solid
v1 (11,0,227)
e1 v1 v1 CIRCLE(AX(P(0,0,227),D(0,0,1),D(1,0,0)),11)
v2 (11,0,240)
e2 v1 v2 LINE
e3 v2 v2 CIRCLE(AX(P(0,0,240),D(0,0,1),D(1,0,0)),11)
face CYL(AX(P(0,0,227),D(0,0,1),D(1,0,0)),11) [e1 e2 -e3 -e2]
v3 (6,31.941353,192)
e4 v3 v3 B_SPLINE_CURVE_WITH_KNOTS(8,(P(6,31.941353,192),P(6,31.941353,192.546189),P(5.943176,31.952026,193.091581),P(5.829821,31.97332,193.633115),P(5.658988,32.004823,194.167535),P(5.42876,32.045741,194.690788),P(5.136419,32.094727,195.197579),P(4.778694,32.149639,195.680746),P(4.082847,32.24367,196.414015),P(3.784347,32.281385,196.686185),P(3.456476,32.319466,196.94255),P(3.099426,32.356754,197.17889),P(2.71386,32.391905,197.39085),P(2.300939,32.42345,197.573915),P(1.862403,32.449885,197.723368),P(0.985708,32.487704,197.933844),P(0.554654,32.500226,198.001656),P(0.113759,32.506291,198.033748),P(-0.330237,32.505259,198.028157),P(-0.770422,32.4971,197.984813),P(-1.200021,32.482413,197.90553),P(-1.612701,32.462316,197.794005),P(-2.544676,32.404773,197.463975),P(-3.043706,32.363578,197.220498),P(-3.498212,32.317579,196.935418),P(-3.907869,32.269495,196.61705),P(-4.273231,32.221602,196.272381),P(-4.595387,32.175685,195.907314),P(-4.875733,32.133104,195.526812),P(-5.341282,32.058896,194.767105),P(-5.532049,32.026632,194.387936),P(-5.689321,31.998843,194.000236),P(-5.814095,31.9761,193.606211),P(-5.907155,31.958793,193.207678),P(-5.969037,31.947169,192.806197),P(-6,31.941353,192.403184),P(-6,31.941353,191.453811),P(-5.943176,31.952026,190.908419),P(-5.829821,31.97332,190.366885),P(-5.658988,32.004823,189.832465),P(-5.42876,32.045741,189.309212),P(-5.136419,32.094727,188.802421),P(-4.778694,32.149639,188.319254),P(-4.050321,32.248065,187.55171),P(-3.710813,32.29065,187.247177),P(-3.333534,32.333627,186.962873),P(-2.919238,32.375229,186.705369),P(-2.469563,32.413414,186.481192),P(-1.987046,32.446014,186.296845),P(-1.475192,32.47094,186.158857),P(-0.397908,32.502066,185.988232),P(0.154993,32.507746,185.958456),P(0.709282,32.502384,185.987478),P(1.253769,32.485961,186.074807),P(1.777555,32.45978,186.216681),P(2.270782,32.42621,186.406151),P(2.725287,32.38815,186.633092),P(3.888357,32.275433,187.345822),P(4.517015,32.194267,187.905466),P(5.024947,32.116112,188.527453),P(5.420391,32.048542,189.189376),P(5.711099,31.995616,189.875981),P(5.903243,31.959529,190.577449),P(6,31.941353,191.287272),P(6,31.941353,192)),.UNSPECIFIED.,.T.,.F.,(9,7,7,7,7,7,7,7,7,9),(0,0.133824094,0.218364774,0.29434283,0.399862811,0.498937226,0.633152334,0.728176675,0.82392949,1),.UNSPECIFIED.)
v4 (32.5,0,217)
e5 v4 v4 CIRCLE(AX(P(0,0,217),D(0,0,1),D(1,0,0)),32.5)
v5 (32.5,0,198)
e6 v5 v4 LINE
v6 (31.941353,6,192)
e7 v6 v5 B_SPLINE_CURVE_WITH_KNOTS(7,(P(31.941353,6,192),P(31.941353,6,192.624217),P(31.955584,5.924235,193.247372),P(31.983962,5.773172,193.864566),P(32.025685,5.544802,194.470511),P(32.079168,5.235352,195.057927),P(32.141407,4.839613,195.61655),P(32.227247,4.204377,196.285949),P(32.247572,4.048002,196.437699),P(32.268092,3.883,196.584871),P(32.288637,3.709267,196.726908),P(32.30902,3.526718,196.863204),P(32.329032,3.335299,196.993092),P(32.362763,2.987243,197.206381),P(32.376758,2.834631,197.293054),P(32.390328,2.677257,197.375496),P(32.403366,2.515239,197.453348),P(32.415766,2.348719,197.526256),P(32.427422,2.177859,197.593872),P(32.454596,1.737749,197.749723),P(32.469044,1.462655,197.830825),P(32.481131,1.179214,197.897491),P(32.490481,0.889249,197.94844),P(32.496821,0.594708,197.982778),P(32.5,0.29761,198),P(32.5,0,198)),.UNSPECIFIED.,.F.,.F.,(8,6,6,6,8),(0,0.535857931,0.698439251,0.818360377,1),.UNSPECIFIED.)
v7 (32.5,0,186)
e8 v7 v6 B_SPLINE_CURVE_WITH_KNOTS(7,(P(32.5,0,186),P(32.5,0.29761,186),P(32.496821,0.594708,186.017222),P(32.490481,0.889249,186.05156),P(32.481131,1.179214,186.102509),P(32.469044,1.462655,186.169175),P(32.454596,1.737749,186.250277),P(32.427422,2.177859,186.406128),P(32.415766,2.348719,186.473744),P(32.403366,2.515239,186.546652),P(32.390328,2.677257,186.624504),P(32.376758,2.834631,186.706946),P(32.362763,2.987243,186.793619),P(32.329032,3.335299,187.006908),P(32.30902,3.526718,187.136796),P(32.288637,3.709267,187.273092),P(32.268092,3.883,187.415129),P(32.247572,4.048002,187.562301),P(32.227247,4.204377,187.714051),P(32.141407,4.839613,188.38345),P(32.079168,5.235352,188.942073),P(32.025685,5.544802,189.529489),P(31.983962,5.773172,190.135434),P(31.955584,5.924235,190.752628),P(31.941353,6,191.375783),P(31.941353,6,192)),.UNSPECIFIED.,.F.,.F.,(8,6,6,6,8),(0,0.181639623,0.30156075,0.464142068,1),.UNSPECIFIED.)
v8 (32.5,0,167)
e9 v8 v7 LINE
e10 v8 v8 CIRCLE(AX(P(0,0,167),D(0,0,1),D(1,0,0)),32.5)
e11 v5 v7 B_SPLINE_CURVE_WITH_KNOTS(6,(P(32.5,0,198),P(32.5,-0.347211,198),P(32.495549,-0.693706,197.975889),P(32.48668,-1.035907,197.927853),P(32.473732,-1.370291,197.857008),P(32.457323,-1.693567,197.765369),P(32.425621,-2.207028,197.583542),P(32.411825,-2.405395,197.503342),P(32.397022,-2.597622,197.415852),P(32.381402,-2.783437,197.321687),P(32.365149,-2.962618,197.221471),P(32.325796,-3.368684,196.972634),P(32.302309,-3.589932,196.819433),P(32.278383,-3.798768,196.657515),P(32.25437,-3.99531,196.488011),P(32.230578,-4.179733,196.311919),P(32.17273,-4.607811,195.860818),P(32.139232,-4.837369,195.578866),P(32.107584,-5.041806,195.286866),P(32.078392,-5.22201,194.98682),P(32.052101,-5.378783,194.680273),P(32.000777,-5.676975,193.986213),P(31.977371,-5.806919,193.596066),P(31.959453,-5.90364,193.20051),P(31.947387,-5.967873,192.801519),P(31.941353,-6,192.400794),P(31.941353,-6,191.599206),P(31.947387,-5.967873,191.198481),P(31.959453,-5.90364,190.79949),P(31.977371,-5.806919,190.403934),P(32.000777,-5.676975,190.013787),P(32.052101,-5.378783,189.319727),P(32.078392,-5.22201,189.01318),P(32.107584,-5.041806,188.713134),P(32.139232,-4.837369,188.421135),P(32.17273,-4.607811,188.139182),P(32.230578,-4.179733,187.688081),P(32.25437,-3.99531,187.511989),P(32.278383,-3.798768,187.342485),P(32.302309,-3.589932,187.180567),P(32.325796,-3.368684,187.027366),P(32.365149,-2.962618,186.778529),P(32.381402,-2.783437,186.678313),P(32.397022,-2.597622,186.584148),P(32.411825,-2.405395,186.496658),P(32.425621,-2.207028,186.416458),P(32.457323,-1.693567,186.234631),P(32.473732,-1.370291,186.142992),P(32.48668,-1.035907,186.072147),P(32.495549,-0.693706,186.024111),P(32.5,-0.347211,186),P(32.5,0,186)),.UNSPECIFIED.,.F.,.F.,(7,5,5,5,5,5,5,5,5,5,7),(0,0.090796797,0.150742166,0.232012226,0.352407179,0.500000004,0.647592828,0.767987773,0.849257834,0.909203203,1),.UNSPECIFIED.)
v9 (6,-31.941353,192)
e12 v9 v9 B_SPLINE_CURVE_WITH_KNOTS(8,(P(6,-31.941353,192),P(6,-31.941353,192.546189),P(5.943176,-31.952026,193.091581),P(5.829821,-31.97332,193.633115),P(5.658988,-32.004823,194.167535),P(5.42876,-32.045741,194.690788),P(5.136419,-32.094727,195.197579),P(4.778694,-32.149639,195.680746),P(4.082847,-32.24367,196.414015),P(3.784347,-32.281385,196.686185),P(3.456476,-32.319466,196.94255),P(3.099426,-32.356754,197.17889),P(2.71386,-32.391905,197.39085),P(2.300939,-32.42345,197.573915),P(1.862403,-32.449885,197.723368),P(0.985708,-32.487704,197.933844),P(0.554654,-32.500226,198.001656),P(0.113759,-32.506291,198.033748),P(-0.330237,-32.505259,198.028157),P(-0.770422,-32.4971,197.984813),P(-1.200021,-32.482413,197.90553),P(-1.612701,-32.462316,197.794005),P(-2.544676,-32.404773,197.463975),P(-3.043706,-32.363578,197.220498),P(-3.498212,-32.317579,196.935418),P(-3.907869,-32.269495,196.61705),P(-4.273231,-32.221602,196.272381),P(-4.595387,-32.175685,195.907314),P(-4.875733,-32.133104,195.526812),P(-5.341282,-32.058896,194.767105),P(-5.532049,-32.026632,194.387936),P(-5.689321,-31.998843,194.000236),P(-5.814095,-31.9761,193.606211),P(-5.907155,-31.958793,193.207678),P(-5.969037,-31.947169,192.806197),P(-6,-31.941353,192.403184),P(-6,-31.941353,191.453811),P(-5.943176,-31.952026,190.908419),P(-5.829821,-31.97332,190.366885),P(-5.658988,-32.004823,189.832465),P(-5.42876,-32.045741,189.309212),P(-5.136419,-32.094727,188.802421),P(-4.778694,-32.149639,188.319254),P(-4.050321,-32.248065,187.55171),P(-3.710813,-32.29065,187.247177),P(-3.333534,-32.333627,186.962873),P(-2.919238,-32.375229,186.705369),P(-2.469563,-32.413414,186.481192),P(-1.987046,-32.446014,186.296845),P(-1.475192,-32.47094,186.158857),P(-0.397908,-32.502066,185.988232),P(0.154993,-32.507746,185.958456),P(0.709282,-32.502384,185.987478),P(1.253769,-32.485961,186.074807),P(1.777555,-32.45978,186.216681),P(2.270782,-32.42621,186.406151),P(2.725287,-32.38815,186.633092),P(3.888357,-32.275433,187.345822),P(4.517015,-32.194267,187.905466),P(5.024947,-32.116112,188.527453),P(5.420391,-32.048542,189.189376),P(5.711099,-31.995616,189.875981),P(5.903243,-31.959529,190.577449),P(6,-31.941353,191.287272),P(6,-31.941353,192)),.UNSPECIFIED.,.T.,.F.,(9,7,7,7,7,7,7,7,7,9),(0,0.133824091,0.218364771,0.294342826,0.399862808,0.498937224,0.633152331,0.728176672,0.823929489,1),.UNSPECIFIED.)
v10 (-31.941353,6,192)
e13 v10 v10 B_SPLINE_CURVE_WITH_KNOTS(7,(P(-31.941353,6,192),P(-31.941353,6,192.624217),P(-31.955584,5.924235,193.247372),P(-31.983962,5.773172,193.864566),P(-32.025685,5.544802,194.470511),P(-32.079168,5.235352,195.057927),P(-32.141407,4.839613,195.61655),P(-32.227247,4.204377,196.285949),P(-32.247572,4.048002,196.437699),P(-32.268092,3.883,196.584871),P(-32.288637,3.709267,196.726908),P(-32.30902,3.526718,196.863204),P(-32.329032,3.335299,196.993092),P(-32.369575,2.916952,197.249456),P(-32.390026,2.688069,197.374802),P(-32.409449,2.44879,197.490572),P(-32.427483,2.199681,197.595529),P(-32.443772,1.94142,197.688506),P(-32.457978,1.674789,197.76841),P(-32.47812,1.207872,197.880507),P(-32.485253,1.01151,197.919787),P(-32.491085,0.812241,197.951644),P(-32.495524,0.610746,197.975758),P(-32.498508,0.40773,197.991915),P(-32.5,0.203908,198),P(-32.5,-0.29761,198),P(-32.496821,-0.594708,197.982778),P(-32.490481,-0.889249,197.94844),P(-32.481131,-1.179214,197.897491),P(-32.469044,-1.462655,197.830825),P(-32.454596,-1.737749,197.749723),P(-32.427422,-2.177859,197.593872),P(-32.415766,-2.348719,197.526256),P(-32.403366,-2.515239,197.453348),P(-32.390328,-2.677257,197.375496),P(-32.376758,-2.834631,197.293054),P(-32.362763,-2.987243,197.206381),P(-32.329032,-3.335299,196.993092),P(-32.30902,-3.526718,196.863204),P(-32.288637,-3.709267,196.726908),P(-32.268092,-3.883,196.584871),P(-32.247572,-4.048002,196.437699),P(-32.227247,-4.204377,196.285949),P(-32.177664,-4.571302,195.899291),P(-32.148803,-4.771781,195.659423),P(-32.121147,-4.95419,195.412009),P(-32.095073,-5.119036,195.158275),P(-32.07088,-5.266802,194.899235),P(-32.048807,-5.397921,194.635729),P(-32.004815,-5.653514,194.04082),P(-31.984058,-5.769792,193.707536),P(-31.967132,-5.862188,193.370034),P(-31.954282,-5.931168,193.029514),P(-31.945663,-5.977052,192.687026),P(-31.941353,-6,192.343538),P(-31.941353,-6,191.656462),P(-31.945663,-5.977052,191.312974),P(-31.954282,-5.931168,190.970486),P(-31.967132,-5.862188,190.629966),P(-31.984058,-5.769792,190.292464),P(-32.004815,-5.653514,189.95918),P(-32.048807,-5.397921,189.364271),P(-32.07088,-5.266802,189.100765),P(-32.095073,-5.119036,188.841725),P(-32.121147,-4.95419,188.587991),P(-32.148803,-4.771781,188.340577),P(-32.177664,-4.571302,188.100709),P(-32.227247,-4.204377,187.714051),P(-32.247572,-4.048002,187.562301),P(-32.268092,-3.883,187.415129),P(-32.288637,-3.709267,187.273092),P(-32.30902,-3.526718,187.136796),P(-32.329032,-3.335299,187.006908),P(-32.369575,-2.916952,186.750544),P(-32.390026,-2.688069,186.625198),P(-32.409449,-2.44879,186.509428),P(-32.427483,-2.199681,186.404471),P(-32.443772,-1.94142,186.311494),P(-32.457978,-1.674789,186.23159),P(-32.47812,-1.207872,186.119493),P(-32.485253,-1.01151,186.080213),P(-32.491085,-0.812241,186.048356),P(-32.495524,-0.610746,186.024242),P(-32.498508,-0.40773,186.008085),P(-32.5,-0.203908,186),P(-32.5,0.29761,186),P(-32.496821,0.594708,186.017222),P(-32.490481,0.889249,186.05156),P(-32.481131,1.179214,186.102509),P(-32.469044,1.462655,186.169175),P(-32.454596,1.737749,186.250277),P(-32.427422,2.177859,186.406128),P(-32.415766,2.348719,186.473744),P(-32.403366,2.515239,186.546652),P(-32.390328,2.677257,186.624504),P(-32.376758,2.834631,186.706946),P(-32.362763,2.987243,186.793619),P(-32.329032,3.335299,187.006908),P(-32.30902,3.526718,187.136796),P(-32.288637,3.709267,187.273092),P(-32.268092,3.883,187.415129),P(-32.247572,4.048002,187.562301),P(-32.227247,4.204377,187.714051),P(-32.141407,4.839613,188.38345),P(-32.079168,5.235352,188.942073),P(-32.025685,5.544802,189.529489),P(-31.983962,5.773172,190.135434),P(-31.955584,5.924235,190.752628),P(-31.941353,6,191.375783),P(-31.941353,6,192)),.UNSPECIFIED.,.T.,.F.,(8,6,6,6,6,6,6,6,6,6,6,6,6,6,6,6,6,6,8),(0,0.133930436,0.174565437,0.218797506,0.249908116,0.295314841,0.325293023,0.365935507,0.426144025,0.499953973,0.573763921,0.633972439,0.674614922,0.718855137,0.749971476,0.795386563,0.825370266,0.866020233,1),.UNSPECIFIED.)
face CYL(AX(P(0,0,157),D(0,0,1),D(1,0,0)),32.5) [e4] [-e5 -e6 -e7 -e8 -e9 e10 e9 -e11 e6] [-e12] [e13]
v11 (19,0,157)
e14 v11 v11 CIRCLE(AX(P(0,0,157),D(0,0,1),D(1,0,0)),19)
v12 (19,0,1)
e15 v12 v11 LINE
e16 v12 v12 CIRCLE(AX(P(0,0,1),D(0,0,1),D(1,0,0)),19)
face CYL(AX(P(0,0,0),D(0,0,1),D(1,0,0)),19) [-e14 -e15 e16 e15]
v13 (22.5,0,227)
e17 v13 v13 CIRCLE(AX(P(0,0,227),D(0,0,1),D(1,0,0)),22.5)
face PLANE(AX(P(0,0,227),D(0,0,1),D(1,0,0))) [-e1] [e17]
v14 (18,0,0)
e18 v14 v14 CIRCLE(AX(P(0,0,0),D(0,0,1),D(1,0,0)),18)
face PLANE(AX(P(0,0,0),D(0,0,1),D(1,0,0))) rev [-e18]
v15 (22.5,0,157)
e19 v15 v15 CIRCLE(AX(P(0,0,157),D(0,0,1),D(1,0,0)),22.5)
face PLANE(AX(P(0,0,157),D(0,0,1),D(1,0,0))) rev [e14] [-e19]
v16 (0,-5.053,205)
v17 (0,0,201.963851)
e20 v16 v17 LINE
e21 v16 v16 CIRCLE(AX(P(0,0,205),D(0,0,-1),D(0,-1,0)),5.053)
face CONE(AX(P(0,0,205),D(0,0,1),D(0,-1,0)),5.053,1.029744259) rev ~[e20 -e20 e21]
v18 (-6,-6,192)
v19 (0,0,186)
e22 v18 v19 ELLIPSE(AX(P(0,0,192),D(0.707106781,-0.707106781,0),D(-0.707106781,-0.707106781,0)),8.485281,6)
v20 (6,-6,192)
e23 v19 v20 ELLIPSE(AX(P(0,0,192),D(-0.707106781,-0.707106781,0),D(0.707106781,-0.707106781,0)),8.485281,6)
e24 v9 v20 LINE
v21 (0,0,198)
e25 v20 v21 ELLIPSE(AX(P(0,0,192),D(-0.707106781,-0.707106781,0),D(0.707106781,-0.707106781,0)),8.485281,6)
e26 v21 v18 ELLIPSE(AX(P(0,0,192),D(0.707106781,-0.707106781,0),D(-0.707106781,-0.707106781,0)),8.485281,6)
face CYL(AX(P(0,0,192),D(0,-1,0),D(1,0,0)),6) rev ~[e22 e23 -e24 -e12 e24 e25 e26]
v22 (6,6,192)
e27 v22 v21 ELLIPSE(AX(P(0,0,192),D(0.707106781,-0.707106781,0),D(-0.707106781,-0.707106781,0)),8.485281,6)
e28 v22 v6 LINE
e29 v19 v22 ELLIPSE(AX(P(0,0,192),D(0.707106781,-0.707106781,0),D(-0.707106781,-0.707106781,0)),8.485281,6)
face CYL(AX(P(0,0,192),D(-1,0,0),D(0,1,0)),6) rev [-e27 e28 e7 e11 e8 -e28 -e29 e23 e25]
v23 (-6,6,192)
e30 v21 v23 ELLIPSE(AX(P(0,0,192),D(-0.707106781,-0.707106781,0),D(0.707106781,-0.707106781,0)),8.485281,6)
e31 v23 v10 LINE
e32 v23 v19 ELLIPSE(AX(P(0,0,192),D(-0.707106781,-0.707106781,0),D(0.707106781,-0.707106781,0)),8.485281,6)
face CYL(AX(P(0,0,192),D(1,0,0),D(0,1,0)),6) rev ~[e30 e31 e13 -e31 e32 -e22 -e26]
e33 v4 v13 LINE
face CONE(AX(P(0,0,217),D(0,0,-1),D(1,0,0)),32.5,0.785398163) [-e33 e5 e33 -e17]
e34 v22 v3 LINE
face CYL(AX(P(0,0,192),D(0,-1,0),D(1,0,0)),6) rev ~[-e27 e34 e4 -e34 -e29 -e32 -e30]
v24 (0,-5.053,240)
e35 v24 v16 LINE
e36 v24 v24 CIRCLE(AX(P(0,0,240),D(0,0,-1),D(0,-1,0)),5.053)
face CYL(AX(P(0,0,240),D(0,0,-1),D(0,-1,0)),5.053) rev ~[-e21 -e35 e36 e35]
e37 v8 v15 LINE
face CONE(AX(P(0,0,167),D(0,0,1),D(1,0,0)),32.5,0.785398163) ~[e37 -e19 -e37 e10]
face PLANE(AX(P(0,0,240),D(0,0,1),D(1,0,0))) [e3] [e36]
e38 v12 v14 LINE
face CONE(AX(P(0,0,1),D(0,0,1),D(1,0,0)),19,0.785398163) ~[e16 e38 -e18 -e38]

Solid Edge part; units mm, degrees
sketch "Sketch1" plane through (0, 0, 0) normal (0, -1, 0) x (1, 0, 0)
  line L0 (32.5, 157) -> (32.5, 227)
  line L1 (32.5, 227) -> (11, 227)
  line L2 (11, 227) -> (11, 240)
  line L3 (11, 240) -> (0, 240)
  line L4 (0, 0) -> (0, 240)
  line L5 (0, 0) -> (19, 0)
  line L6 (19, 0) -> (19, 157)
  line L7 (19, 157) -> (32.5, 157)
revolve "RevolvedProtrusion1" add sketch "Sketch1" angle 360 about axis through (0, 0, 0) along (0, 0, 1)
chamfer "Chamfer1" distance 10 angle 45 1 edges at (-32.5, 0, 157)
chamfer "Chamfer_2" distance 10 angle 45 1 edges at (-32.5, 0, 227)
cosmetic_thread "Thread_1" size "Tr 38 x 10" thread depth 154
chamfer "Chamfer_4" distance 1 angle 45 1 edges at (-19, 0, 0)
hole "DRILL_Hole" at (0, 0, 240) direction (0, 0, -1) diameter 10.106 depth 35 tip angle 118 thread major 12 thread length 2
sketch "Sketch2" plane through (0, 0, 0) normal (0, -1, 0) x (1, 0, 0)
  circle A0 centre (0, 192) radius 6
extrude "Cutout1" cut sketch "Sketch2" along normal through all and the other way through all
sketch "Sketch3" plane through (0, 0, 0) normal (1, 0, 0) x (0, 1, 0)
  circle A0 centre (0, 192) radius 6
extrude "Cutout2" cut sketch "Sketch3" along normal through all and the other way through all
